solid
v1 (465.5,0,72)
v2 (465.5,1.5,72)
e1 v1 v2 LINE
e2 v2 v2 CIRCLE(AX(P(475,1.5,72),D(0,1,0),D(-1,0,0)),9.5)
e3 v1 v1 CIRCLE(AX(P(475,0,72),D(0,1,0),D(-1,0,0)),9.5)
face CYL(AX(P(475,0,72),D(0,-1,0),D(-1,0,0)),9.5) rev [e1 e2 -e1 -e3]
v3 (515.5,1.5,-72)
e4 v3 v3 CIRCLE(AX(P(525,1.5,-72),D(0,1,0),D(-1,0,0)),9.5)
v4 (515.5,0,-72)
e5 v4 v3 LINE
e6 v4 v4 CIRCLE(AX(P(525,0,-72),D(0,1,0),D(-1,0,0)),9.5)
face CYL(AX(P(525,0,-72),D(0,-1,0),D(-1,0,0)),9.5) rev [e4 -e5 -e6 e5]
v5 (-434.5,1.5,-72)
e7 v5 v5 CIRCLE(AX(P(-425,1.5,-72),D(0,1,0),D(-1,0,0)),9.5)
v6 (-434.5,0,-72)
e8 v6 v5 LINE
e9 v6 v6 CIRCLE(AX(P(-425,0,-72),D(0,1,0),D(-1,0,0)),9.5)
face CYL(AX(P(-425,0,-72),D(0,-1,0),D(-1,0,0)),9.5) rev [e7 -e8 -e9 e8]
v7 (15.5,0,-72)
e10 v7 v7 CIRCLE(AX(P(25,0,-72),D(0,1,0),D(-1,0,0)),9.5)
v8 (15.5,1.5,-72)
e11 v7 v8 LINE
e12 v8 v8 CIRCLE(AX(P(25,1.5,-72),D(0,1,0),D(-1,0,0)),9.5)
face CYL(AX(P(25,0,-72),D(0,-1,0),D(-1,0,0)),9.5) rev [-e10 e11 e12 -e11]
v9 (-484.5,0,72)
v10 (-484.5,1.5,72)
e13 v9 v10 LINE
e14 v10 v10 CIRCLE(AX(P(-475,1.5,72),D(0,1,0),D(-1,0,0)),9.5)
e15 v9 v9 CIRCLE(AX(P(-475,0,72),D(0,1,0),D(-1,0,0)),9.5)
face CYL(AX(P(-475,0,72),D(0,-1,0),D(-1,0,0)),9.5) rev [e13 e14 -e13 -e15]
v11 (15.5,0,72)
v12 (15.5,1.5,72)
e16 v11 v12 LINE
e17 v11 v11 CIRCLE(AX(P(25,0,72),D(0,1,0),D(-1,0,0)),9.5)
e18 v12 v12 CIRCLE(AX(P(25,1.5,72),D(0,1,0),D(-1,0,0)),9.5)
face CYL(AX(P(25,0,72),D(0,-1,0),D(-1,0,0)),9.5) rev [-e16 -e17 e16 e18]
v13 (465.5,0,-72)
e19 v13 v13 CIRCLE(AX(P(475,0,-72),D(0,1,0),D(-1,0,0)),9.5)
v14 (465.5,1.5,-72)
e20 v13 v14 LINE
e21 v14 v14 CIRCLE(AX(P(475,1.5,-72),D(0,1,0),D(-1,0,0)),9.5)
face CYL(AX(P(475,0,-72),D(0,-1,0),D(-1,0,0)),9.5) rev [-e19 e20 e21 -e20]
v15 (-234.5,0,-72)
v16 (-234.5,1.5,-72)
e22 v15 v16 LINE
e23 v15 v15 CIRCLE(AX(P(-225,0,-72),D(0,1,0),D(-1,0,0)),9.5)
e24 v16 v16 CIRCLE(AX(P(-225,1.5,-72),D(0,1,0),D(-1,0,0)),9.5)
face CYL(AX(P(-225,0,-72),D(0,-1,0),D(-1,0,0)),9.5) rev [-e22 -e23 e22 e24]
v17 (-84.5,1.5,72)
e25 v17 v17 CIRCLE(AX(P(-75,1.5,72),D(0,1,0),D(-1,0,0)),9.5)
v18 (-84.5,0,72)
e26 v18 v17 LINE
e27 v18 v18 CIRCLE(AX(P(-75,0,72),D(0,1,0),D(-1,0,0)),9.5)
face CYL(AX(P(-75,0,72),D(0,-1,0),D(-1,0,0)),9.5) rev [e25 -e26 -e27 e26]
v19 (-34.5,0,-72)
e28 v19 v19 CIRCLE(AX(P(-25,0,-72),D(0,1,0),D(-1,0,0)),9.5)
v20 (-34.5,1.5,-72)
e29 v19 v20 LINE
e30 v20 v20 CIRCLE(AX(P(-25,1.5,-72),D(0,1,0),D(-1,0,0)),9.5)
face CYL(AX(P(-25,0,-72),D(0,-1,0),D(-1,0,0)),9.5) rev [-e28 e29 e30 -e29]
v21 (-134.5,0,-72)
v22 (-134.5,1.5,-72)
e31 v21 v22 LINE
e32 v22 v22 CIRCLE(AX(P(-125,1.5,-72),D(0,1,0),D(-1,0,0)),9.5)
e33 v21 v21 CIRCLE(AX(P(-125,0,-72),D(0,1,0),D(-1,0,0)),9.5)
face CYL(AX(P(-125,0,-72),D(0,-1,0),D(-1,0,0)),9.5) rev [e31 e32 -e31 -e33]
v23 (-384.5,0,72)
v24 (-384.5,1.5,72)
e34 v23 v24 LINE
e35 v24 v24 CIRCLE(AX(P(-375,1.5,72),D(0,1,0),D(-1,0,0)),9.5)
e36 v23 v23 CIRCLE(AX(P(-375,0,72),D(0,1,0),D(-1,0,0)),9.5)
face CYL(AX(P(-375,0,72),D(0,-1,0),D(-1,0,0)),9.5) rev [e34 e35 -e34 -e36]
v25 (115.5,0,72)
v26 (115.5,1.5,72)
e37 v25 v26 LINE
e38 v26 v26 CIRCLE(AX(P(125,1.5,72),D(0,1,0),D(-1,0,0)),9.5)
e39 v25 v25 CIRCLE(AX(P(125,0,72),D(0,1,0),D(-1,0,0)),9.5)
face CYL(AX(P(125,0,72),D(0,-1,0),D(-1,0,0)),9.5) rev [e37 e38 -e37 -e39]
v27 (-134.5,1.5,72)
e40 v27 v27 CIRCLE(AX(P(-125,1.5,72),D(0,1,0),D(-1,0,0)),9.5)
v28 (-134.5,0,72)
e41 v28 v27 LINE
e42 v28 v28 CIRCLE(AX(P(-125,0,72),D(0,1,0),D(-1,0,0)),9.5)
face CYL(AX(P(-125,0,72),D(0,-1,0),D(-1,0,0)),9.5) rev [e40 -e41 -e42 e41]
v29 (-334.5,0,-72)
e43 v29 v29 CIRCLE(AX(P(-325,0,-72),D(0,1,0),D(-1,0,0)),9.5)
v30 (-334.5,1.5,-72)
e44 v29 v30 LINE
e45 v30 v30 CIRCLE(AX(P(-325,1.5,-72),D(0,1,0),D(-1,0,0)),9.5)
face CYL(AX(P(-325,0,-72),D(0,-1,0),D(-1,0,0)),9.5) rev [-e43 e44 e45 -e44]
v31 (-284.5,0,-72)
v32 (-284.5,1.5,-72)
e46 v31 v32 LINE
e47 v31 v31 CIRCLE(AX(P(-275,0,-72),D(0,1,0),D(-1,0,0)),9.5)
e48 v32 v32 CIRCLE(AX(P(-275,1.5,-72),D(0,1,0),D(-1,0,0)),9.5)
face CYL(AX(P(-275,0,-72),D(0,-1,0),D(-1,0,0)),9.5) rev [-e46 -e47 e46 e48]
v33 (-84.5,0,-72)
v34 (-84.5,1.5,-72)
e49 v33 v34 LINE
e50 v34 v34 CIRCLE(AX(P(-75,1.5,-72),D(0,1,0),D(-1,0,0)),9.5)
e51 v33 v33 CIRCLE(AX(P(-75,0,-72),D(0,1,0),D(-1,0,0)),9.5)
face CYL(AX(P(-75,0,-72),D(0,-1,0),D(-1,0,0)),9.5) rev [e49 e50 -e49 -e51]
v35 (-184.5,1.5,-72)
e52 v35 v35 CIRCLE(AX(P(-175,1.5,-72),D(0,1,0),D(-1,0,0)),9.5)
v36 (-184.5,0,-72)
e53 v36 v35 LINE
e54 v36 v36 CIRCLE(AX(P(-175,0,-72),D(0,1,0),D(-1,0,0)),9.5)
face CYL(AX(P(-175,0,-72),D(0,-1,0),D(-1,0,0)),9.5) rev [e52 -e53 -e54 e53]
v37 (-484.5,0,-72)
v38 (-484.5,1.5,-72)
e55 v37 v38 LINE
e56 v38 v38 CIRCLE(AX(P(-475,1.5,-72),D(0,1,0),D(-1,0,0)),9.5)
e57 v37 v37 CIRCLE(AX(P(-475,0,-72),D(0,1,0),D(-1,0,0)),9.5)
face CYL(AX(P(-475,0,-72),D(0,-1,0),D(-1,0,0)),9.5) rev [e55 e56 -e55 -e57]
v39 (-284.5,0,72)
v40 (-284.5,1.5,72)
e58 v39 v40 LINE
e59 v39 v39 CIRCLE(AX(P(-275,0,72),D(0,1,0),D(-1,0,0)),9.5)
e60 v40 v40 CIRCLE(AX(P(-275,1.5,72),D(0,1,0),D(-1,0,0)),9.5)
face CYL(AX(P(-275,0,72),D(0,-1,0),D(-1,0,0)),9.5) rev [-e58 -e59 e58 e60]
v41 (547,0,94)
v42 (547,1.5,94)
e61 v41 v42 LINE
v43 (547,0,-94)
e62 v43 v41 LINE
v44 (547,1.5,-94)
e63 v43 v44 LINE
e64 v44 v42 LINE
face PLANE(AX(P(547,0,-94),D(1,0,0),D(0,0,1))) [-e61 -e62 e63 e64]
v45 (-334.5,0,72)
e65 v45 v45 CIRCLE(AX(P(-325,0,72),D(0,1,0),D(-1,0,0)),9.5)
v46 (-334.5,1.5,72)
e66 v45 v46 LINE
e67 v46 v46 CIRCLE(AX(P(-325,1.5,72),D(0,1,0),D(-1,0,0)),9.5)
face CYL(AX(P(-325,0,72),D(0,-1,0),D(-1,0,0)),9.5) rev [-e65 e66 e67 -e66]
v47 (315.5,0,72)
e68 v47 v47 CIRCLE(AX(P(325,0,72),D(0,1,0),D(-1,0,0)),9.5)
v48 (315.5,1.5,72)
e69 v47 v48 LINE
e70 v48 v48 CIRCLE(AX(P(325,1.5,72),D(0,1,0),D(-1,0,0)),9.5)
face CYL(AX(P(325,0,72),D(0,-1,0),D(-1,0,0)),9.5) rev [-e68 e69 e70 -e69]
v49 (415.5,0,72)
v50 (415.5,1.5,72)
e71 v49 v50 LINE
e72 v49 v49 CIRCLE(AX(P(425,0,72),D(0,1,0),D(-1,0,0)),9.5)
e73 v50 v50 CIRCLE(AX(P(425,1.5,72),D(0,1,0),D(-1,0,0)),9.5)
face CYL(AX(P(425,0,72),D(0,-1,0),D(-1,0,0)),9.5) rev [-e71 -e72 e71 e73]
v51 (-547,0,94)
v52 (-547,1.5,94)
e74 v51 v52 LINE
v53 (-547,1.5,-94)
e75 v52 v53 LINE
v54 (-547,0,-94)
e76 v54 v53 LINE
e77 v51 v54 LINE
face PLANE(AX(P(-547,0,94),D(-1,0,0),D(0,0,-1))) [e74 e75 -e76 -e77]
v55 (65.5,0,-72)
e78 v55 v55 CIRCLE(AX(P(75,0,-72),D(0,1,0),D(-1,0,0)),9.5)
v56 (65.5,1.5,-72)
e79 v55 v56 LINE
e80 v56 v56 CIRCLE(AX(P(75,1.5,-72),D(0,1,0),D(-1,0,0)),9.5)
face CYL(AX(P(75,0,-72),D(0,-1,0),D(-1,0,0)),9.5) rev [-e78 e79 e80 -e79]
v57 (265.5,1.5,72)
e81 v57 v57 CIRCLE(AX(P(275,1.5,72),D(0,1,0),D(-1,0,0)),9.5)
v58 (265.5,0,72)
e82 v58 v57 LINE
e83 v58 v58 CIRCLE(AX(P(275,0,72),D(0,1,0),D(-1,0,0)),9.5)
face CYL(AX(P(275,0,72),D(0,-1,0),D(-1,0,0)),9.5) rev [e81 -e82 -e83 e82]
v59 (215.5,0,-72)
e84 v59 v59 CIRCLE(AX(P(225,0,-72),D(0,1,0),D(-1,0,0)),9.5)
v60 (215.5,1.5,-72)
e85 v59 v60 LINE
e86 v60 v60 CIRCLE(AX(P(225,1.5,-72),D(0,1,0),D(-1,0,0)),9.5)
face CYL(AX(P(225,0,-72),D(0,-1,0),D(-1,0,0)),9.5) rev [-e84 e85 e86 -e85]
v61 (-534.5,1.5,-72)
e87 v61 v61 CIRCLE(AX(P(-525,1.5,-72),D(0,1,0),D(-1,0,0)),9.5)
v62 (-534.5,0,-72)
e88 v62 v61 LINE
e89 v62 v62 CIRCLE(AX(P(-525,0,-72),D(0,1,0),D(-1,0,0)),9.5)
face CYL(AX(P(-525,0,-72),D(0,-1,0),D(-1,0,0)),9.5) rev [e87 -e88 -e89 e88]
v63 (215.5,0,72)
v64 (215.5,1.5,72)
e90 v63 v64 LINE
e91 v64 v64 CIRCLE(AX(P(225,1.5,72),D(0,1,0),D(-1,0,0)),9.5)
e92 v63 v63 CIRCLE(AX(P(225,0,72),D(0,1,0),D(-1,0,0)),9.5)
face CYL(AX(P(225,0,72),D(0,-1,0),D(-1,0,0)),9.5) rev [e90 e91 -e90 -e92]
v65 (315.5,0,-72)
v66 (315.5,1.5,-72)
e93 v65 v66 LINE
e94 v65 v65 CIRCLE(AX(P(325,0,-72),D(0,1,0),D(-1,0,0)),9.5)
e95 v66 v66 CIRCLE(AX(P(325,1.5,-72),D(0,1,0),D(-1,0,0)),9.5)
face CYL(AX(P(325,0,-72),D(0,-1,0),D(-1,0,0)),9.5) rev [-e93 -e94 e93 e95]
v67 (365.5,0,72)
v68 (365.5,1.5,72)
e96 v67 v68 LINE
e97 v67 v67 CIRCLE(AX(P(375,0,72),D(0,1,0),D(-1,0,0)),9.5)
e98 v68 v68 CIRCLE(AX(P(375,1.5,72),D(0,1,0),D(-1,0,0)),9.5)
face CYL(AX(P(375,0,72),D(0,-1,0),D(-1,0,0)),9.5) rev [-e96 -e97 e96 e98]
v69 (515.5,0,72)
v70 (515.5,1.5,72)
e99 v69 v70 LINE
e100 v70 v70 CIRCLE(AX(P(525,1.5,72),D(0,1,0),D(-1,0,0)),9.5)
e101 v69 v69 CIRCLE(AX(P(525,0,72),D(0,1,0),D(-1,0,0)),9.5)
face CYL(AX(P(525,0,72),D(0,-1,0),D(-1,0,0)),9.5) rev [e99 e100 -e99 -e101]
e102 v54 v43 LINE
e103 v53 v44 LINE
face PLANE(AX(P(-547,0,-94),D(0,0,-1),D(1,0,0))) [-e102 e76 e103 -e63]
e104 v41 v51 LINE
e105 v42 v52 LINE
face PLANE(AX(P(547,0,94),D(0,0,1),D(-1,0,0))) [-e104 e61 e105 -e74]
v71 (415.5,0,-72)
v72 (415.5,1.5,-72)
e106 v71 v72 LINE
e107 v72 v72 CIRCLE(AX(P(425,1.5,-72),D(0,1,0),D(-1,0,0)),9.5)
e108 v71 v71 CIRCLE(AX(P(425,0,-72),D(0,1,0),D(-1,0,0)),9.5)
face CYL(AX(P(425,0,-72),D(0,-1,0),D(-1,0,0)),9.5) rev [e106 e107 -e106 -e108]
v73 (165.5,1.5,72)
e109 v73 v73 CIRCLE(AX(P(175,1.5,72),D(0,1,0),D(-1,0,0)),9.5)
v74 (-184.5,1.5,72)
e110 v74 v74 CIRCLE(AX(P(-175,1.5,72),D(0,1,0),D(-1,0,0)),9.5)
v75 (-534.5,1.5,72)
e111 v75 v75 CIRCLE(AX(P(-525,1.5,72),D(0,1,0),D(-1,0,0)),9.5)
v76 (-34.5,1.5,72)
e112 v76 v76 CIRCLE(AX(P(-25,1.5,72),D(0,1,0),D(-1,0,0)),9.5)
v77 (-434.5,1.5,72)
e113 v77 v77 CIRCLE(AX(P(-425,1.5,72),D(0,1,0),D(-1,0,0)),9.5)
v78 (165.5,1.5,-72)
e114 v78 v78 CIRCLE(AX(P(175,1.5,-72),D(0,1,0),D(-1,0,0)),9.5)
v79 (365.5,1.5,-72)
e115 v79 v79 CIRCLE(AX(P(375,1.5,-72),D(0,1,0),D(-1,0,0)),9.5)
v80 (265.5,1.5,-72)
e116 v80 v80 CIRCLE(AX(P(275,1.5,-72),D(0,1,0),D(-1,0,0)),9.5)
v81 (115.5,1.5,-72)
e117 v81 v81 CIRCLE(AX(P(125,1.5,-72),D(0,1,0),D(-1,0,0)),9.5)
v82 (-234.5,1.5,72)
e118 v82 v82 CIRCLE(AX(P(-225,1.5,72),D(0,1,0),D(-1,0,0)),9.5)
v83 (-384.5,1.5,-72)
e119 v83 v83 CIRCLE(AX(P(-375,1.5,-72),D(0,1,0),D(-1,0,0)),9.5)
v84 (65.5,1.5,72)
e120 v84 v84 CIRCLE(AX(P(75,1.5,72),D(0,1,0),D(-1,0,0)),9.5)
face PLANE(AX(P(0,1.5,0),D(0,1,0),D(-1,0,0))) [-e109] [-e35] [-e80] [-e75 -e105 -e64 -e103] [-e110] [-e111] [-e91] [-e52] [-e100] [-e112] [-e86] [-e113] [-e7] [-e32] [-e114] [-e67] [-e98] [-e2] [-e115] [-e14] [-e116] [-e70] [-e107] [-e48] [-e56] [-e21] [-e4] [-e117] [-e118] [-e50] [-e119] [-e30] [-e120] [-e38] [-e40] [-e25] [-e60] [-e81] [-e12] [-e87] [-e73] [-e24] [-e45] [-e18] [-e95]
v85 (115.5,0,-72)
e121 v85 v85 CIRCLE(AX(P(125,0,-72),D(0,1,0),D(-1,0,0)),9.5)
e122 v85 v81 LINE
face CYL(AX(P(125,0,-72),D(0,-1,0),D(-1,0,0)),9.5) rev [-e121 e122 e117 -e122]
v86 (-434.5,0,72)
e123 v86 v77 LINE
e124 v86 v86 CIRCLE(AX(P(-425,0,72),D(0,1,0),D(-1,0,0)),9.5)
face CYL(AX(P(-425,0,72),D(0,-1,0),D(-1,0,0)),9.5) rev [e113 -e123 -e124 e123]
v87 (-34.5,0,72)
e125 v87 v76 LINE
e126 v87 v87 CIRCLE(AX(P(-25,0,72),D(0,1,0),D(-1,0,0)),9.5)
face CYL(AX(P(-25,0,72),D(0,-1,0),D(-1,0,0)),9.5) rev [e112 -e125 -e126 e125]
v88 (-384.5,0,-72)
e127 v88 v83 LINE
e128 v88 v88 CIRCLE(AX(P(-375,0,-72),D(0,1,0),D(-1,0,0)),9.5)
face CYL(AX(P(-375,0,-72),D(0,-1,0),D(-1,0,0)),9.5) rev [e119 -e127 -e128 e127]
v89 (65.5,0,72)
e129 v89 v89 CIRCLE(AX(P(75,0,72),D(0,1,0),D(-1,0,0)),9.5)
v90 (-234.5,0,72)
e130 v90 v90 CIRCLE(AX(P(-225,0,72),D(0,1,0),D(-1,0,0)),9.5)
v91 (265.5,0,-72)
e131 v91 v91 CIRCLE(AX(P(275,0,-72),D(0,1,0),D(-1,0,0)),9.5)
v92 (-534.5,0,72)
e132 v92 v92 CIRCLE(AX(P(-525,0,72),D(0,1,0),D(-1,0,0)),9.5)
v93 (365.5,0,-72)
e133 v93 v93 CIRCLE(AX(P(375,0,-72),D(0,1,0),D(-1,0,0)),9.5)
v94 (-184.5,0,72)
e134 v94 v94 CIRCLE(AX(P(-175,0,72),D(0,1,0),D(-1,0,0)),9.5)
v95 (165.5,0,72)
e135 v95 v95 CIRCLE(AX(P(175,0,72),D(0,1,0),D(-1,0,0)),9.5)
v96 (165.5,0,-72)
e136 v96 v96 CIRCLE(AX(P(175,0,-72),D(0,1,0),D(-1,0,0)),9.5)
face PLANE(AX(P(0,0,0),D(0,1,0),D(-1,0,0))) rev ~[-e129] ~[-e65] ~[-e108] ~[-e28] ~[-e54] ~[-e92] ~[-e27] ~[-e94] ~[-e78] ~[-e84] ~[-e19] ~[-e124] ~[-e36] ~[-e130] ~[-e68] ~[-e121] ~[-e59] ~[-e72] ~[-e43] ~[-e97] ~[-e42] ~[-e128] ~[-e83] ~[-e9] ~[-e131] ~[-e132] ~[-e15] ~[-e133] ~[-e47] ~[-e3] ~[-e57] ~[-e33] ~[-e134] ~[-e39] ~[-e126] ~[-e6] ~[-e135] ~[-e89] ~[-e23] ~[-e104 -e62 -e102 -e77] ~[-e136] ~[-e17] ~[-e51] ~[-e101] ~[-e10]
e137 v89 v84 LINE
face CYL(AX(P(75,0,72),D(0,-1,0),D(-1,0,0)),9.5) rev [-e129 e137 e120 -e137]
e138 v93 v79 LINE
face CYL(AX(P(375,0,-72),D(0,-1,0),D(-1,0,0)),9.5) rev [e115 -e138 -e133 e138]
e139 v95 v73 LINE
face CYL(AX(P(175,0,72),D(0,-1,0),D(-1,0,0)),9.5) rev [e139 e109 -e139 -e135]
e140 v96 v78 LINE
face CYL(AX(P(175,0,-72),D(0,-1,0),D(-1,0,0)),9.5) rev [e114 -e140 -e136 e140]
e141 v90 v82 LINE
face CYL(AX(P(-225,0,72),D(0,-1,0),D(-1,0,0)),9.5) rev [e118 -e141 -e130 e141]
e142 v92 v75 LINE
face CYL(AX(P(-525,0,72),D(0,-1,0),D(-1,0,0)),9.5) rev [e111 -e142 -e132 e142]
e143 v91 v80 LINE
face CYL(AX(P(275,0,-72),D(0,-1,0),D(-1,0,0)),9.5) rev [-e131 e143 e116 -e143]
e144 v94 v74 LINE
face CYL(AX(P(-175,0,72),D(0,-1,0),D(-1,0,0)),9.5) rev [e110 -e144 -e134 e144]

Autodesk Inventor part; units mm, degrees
ref_plane "YZ Plane" through (0, 0, 0) normal (1, 0, 0) x (0, 1, 0)
ref_plane "XZ Plane" through (0, 0, 0) normal (0, 1, 0) x (-1, 0, 0)
ref_plane "XY Plane" through (0, 0, 0) normal (0, 0, 1) x (1, 0, 0)
sketch "Foam Scheme" plane through (0, 0, 0) normal (0, 1, 0) x (-1, 0, 0)
  line L0 (547, -94) -> (-547, -94)
  line L1 (-547, -94) -> (-547, 94)
  line L2 (-547, 94) -> (547, 94)
  line L3 (547, 94) -> (547, -94)
  circle A0 centre (525, -72) radius 9.5
  circle A1 centre (475, -72) radius 9.5
  circle A2 centre (425, -72) radius 9.5
  circle A3 centre (375, -72) radius 9.5
  circle A4 centre (325, -72) radius 9.5
  circle A5 centre (275, -72) radius 9.5
  circle A6 centre (225, -72) radius 9.5
  circle A7 centre (175, -72) radius 9.5
  circle A8 centre (125, -72) radius 9.5
  circle A9 centre (75, -72) radius 9.5
  circle A10 centre (25, -72) radius 9.5
  circle A11 centre (-25, -72) radius 9.5
  circle A12 centre (-75, -72) radius 9.5
  circle A13 centre (-125, -72) radius 9.5
  circle A14 centre (-175, -72) radius 9.5
  circle A15 centre (-225, -72) radius 9.5
  circle A16 centre (-275, -72) radius 9.5
  circle A17 centre (-325, -72) radius 9.5
  circle A18 centre (525, 72) radius 9.5
  circle A19 centre (475, 72) radius 9.5
  circle A20 centre (425, 72) radius 9.5
  circle A21 centre (375, 72) radius 9.5
  circle A22 centre (325, 72) radius 9.5
  circle A23 centre (275, 72) radius 9.5
  circle A24 centre (225, 72) radius 9.5
  circle A25 centre (175, 72) radius 9.5
  circle A26 centre (125, 72) radius 9.5
  circle A27 centre (75, 72) radius 9.5
  circle A28 centre (25, 72) radius 9.5
  circle A29 centre (-25, 72) radius 9.5
  circle A30 centre (-75, 72) radius 9.5
  circle A31 centre (-125, 72) radius 9.5
  circle A32 centre (-175, 72) radius 9.5
  circle A33 centre (-225, 72) radius 9.5
  circle A34 centre (-275, 72) radius 9.5
  circle A35 centre (-325, 72) radius 9.5
  circle A36 centre (-375, -72) radius 9.5
  circle A37 centre (-375, 72) radius 9.5
  circle A38 centre (-425, -72) radius 9.5
  circle A39 centre (-425, 72) radius 9.5
  circle A40 centre (-475, -72) radius 9.5
  circle A41 centre (-475, 72) radius 9.5
  circle A42 centre (-525, -72) radius 9.5
  circle A43 centre (-525, 72) radius 9.5
  point P0 (0, 0)
  dimension "d0" = 1094
  dimension "d1" = 547
  dimension "d2" = 188
  dimension "d3" = 94
  dimension "d4" = 19
  dimension "d5" = 22
  dimension "d6" = 22
  dimension "d9" = 50
  dimension "d12" = 144
extrude "Foam Body" add sketch "Foam Scheme" along normal blind 1.5
equation "\"d1\" = 0.5 * d0"
equation "\"d3\" = 0.5 * d2"
properties part number "Foam NPS 8" material "Rubber, Silicone"
